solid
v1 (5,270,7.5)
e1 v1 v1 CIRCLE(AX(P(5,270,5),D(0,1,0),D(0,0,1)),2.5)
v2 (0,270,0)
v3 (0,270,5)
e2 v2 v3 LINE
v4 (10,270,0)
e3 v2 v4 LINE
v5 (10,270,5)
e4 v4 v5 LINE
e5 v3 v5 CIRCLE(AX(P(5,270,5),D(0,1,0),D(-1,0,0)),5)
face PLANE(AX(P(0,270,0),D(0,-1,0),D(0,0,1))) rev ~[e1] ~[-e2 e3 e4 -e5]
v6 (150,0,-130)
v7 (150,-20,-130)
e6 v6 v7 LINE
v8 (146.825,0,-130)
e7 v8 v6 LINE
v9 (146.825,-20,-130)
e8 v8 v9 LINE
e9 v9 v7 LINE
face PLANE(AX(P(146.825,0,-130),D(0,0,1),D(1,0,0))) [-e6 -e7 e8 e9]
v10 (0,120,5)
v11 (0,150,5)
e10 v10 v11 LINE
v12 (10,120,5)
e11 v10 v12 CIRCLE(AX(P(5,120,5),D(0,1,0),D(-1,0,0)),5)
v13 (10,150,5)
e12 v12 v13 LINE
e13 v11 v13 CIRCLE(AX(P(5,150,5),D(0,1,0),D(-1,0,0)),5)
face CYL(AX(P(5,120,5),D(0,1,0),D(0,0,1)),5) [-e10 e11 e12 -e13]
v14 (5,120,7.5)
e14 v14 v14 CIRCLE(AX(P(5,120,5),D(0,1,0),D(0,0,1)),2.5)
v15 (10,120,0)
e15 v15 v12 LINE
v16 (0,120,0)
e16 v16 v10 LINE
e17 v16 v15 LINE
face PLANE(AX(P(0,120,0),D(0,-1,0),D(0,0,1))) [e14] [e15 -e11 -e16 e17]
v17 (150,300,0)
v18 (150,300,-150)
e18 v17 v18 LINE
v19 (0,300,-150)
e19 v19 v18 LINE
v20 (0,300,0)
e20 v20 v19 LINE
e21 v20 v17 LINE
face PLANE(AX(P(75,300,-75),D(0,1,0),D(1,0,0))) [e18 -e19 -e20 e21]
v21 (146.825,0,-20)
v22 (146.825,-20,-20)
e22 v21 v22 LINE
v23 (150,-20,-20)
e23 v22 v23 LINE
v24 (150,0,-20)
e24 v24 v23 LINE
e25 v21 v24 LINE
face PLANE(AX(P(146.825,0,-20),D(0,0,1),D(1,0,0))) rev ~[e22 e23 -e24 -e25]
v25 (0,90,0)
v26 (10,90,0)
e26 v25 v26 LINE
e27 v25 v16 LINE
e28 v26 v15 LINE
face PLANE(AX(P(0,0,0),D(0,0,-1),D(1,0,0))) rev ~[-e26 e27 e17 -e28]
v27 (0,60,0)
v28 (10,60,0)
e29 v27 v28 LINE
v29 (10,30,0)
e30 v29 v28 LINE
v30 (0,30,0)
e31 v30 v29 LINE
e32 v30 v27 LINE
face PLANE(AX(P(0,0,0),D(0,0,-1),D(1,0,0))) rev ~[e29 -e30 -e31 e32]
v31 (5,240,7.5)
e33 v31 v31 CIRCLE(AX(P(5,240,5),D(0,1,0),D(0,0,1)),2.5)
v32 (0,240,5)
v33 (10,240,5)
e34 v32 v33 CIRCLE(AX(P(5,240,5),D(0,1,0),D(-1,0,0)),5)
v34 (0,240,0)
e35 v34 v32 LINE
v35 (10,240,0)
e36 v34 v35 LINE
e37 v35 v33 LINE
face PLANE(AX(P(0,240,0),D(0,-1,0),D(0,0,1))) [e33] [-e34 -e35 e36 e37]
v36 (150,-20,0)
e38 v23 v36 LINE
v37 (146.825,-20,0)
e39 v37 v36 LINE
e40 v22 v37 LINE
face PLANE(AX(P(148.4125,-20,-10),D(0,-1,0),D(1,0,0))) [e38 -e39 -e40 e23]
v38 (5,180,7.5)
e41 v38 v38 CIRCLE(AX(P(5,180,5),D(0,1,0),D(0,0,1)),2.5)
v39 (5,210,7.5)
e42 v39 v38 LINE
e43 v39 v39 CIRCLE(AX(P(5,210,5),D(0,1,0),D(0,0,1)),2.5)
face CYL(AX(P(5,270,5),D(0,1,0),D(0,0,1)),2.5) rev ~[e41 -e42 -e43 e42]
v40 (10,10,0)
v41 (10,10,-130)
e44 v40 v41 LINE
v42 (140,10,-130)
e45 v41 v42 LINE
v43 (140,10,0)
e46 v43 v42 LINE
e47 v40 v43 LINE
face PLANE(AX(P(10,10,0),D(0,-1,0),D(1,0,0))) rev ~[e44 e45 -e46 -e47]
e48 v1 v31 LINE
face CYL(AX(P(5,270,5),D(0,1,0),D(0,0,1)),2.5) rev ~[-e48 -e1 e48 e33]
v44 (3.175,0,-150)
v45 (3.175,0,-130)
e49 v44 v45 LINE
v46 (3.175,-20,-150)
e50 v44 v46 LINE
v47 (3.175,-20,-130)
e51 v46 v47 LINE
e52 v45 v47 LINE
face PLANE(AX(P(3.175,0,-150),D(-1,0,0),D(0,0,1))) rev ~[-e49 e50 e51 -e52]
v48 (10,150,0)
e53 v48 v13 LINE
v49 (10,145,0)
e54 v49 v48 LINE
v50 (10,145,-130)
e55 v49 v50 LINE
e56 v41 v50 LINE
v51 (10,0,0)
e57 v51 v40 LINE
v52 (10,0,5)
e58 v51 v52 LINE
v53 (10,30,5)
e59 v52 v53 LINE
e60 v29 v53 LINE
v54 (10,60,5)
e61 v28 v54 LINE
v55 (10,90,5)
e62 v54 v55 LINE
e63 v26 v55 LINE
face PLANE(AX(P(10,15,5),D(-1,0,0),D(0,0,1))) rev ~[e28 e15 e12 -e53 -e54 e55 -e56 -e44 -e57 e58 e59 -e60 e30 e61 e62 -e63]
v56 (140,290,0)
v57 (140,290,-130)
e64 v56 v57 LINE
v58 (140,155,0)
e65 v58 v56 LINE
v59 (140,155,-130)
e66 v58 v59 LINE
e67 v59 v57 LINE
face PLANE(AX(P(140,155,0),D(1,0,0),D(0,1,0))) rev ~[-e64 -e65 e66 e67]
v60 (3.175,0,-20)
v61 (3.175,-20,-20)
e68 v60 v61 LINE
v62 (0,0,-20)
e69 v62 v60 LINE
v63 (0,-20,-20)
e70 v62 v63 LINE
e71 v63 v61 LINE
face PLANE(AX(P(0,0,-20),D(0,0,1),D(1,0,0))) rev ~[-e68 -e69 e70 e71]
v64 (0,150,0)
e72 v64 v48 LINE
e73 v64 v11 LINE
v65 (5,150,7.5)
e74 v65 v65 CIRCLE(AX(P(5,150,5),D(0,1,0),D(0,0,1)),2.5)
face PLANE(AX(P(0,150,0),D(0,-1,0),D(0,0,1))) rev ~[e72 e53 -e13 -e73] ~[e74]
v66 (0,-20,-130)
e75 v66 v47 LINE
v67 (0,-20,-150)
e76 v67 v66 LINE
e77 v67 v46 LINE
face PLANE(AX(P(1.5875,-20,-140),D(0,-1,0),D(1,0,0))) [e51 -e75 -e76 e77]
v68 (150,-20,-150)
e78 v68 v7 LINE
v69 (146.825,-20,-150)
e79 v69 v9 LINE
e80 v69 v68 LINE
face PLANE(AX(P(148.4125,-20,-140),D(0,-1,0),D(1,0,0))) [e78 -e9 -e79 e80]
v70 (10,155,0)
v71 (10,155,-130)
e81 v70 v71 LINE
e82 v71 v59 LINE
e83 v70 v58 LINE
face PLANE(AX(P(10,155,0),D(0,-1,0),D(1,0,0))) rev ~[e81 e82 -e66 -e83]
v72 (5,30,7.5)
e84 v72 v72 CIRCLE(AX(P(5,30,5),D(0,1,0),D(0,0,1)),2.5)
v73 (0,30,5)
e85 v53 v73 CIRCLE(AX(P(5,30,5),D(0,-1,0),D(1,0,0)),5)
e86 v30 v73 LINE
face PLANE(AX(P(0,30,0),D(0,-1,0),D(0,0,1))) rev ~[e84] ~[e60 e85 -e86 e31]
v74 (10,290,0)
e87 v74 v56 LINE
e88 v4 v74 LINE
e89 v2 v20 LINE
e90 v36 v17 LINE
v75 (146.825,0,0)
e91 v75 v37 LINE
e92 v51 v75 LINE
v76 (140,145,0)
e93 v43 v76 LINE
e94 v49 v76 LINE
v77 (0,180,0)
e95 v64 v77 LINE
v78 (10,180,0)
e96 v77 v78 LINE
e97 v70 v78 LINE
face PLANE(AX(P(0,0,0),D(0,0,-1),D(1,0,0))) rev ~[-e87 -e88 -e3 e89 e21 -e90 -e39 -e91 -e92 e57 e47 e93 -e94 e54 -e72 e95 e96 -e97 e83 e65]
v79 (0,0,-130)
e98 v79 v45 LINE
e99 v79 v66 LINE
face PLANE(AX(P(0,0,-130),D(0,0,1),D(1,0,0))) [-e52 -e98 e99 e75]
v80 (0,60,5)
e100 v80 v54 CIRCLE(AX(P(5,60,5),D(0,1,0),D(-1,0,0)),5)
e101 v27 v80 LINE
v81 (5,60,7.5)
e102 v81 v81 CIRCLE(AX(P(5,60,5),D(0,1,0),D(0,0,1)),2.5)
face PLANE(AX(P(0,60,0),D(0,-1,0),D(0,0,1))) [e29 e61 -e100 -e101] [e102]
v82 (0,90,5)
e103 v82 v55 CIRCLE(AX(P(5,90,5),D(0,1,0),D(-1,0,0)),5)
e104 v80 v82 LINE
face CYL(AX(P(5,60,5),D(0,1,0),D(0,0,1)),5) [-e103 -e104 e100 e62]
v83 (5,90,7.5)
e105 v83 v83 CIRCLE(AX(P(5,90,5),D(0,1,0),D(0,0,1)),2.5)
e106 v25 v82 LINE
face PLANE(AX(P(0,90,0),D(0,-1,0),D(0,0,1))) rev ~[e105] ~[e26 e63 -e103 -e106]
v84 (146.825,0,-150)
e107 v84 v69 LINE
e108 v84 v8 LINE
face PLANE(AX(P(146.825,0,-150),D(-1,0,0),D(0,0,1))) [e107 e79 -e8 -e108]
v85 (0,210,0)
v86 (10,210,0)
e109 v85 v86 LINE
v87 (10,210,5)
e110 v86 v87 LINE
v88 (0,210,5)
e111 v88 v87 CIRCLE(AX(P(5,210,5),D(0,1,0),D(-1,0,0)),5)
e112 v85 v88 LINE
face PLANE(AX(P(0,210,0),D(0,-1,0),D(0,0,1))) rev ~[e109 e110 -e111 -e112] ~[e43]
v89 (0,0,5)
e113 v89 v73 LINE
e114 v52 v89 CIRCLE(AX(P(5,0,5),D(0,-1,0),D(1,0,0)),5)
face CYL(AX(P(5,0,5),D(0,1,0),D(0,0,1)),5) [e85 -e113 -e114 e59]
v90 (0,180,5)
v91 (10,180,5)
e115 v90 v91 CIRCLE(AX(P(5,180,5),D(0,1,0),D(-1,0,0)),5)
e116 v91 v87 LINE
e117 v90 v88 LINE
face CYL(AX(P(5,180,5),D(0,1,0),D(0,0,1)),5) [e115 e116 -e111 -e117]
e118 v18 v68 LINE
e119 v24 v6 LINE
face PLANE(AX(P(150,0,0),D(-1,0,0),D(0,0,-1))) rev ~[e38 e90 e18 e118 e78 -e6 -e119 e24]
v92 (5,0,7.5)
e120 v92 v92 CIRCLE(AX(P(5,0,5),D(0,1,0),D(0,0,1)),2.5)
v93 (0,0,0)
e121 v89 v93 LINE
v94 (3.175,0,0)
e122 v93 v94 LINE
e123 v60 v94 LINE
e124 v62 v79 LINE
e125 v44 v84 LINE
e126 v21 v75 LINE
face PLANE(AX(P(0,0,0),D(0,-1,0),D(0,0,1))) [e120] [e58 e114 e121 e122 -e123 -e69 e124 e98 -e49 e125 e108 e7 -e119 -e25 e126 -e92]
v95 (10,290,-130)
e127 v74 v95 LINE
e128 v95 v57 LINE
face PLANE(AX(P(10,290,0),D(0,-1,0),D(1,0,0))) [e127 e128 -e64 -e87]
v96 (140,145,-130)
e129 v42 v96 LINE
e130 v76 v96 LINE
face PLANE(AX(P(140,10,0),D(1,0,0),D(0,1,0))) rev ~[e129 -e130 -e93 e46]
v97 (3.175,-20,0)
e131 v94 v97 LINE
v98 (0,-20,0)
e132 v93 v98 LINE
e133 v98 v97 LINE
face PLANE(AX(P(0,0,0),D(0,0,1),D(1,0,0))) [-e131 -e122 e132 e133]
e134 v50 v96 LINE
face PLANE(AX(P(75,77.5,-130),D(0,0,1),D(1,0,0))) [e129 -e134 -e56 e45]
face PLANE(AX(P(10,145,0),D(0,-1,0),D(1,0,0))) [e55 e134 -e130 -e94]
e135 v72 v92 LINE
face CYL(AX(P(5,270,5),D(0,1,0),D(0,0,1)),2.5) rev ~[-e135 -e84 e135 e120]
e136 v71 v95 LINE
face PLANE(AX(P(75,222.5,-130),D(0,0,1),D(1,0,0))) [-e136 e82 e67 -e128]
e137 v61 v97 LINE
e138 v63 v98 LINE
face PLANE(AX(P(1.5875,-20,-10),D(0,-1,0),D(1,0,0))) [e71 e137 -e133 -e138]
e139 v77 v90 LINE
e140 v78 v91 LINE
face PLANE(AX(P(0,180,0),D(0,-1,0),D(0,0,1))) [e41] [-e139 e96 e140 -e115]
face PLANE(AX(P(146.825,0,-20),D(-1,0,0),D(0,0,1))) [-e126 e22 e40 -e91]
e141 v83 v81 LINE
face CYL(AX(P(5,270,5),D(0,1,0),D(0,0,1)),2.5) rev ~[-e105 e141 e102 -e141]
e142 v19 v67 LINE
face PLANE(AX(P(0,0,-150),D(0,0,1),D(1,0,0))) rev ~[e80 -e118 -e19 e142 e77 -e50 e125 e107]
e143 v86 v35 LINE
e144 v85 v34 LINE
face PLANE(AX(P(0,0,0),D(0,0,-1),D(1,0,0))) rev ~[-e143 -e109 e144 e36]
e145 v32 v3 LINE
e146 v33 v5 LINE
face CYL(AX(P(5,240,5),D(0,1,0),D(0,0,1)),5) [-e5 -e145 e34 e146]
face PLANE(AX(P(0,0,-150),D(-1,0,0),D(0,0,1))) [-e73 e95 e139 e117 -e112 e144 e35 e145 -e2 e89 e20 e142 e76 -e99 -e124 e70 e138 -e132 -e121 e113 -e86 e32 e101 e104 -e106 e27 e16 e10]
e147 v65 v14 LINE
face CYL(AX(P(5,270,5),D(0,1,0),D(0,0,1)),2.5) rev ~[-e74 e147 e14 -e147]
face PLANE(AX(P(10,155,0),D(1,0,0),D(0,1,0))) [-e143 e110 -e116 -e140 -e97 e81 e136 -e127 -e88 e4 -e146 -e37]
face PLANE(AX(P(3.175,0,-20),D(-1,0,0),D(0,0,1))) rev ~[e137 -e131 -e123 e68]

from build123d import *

# Parameters (mm, degrees)
SKETCH1_W           = 150
SKETCH1_H           = 150
BOSS_EXTRUDE1_DEPTH = 300
SKETCH2_W           = 130
SKETCH2_H           = 135
CUT_EXTRUDE1_DEPTH  = 130
SKETCH3_W           = 10
SKETCH3_H           = 30
BOSS_EXTRUDE2_DEPTH = 10
SKETCH4_R           = 2.5
CUT_EXTRUDE2_DEPTH  = 344.365694268
FILLET1_RADIUS      = 5
FILLET1_LENGTH      = 30
FILLET2_RADIUS      = 5
FILLET2_LENGTH      = 30
FILLET3_RADIUS      = 5
FILLET3_LENGTH      = 30
FILLET4_RADIUS      = 5
FILLET4_LENGTH      = 30
FILLET5_RADIUS      = 5
FILLET5_LENGTH      = 30
SKETCH5_W           = 3.175
SKETCH5_H           = 20
BOSS_EXTRUDE3_DEPTH = 20


with BuildPart() as part:
    # Sketch1 → Boss-Extrude1 (new body)
    with BuildSketch(Plane(origin=(0, 0, 0), x_dir=(1, 0, 0), z_dir=(0, 1, 0))):
        with Locations((75, 75)):
            Rectangle(SKETCH1_W, SKETCH1_H)
    extrude(amount=BOSS_EXTRUDE1_DEPTH)

    # Sketch2 → Cut-Extrude1 (cut)
    with BuildSketch(Plane.XY):
        with Locations((75, 77.5)):
            Rectangle(SKETCH2_W, SKETCH2_H)
        with Locations((75, 222.5)):
            Rectangle(SKETCH2_W, SKETCH2_H)
    extrude(amount=-CUT_EXTRUDE1_DEPTH, mode=Mode.SUBTRACT)

    # Sketch3 → Boss-Extrude2 (add)
    with BuildSketch(Plane.ZY):
        with Locations((5, 75)):
            Rectangle(SKETCH3_W, SKETCH3_H)
        with Locations((5, 15)):
            Rectangle(SKETCH3_W, SKETCH3_H)
        with Locations((5, 135)):
            Rectangle(SKETCH3_W, SKETCH3_H)
        with Locations((5, 195)):
            Rectangle(SKETCH3_W, SKETCH3_H)
        with Locations((5, 255)):
            Rectangle(SKETCH3_W, SKETCH3_H)
    extrude(amount=-BOSS_EXTRUDE2_DEPTH)

    # Sketch4 → Cut-Extrude2 (cut, through all)
    with BuildSketch(Plane(origin=(0, 270, 0), x_dir=(1, 0, 0), z_dir=(0, 1, 0))):
        with Locations(Location((5, -5, 0), (0, 0, 270))):
            Circle(SKETCH4_R)
    extrude(amount=-CUT_EXTRUDE2_DEPTH, mode=Mode.SUBTRACT)

    # Fillet1: full round fillet: the end face becomes a half cylinder, R = half its width
    fillet1_face = Plane((5, 255, 10), x_dir=(0, 1, 0), z_dir=(0, 0, 1))  # on the end face: x along it, z out of the body
    fillet1_slab = fillet1_face.offset(-FILLET1_RADIUS / 2) * Box(FILLET1_LENGTH, 2 * FILLET1_RADIUS, FILLET1_RADIUS, mode=Mode.PRIVATE)  # the body's end, R deep
    fillet1_round = Plane((5, 255, 5), x_dir=(0, 0, 1), z_dir=(0, 1, 0)) * Cylinder(FILLET1_RADIUS, FILLET1_LENGTH, mode=Mode.PRIVATE)  # its axis R under the face
    add(fillet1_slab - fillet1_round, mode=Mode.SUBTRACT)

    # Fillet2: full round fillet: the end face becomes a half cylinder, R = half its width
    fillet2_face = Plane((5, 195, 10), x_dir=(0, 1, 0), z_dir=(0, 0, 1))  # on the end face: x along it, z out of the body
    fillet2_slab = fillet2_face.offset(-FILLET2_RADIUS / 2) * Box(FILLET2_LENGTH, 2 * FILLET2_RADIUS, FILLET2_RADIUS, mode=Mode.PRIVATE)  # the body's end, R deep
    fillet2_round = Plane((5, 195, 5), x_dir=(0, 0, 1), z_dir=(0, 1, 0)) * Cylinder(FILLET2_RADIUS, FILLET2_LENGTH, mode=Mode.PRIVATE)  # its axis R under the face
    add(fillet2_slab - fillet2_round, mode=Mode.SUBTRACT)

    # Fillet3: full round fillet: the end face becomes a half cylinder, R = half its width
    fillet3_face = Plane((5, 135, 10), x_dir=(0, 1, 0), z_dir=(0, 0, 1))  # on the end face: x along it, z out of the body
    fillet3_slab = fillet3_face.offset(-FILLET3_RADIUS / 2) * Box(FILLET3_LENGTH, 2 * FILLET3_RADIUS, FILLET3_RADIUS, mode=Mode.PRIVATE)  # the body's end, R deep
    fillet3_round = Plane((5, 135, 5), x_dir=(0, 0, 1), z_dir=(0, 1, 0)) * Cylinder(FILLET3_RADIUS, FILLET3_LENGTH, mode=Mode.PRIVATE)  # its axis R under the face
    add(fillet3_slab - fillet3_round, mode=Mode.SUBTRACT)

    # Fillet4: full round fillet: the end face becomes a half cylinder, R = half its width
    fillet4_face = Plane((5, 75, 10), x_dir=(0, 1, 0), z_dir=(0, 0, 1))  # on the end face: x along it, z out of the body
    fillet4_slab = fillet4_face.offset(-FILLET4_RADIUS / 2) * Box(FILLET4_LENGTH, 2 * FILLET4_RADIUS, FILLET4_RADIUS, mode=Mode.PRIVATE)  # the body's end, R deep
    fillet4_round = Plane((5, 75, 5), x_dir=(0, 0, 1), z_dir=(0, 1, 0)) * Cylinder(FILLET4_RADIUS, FILLET4_LENGTH, mode=Mode.PRIVATE)  # its axis R under the face
    add(fillet4_slab - fillet4_round, mode=Mode.SUBTRACT)

    # Fillet5: full round fillet: the end face becomes a half cylinder, R = half its width
    fillet5_face = Plane((5, 15, 10), x_dir=(0, 1, 0), z_dir=(0, 0, 1))  # on the end face: x along it, z out of the body
    fillet5_slab = fillet5_face.offset(-FILLET5_RADIUS / 2) * Box(FILLET5_LENGTH, 2 * FILLET5_RADIUS, FILLET5_RADIUS, mode=Mode.PRIVATE)  # the body's end, R deep
    fillet5_round = Plane((5, 15, 5), x_dir=(0, 0, 1), z_dir=(0, 1, 0)) * Cylinder(FILLET5_RADIUS, FILLET5_LENGTH, mode=Mode.PRIVATE)  # its axis R under the face
    add(fillet5_slab - fillet5_round, mode=Mode.SUBTRACT)

    # Sketch5 → Boss-Extrude3 (add)
    with BuildSketch(Plane.XZ):
        with Locations((1.5875, -140)):
            Rectangle(SKETCH5_W, SKETCH5_H)
        with Locations((1.5875, -10)):
            Rectangle(SKETCH5_W, SKETCH5_H)
        with Locations((148.4125, -10)):
            Rectangle(SKETCH5_W, SKETCH5_H)
        with Locations((148.4125, -140)):
            Rectangle(SKETCH5_W, SKETCH5_H)
    extrude(amount=BOSS_EXTRUDE3_DEPTH)


solid = part.part
